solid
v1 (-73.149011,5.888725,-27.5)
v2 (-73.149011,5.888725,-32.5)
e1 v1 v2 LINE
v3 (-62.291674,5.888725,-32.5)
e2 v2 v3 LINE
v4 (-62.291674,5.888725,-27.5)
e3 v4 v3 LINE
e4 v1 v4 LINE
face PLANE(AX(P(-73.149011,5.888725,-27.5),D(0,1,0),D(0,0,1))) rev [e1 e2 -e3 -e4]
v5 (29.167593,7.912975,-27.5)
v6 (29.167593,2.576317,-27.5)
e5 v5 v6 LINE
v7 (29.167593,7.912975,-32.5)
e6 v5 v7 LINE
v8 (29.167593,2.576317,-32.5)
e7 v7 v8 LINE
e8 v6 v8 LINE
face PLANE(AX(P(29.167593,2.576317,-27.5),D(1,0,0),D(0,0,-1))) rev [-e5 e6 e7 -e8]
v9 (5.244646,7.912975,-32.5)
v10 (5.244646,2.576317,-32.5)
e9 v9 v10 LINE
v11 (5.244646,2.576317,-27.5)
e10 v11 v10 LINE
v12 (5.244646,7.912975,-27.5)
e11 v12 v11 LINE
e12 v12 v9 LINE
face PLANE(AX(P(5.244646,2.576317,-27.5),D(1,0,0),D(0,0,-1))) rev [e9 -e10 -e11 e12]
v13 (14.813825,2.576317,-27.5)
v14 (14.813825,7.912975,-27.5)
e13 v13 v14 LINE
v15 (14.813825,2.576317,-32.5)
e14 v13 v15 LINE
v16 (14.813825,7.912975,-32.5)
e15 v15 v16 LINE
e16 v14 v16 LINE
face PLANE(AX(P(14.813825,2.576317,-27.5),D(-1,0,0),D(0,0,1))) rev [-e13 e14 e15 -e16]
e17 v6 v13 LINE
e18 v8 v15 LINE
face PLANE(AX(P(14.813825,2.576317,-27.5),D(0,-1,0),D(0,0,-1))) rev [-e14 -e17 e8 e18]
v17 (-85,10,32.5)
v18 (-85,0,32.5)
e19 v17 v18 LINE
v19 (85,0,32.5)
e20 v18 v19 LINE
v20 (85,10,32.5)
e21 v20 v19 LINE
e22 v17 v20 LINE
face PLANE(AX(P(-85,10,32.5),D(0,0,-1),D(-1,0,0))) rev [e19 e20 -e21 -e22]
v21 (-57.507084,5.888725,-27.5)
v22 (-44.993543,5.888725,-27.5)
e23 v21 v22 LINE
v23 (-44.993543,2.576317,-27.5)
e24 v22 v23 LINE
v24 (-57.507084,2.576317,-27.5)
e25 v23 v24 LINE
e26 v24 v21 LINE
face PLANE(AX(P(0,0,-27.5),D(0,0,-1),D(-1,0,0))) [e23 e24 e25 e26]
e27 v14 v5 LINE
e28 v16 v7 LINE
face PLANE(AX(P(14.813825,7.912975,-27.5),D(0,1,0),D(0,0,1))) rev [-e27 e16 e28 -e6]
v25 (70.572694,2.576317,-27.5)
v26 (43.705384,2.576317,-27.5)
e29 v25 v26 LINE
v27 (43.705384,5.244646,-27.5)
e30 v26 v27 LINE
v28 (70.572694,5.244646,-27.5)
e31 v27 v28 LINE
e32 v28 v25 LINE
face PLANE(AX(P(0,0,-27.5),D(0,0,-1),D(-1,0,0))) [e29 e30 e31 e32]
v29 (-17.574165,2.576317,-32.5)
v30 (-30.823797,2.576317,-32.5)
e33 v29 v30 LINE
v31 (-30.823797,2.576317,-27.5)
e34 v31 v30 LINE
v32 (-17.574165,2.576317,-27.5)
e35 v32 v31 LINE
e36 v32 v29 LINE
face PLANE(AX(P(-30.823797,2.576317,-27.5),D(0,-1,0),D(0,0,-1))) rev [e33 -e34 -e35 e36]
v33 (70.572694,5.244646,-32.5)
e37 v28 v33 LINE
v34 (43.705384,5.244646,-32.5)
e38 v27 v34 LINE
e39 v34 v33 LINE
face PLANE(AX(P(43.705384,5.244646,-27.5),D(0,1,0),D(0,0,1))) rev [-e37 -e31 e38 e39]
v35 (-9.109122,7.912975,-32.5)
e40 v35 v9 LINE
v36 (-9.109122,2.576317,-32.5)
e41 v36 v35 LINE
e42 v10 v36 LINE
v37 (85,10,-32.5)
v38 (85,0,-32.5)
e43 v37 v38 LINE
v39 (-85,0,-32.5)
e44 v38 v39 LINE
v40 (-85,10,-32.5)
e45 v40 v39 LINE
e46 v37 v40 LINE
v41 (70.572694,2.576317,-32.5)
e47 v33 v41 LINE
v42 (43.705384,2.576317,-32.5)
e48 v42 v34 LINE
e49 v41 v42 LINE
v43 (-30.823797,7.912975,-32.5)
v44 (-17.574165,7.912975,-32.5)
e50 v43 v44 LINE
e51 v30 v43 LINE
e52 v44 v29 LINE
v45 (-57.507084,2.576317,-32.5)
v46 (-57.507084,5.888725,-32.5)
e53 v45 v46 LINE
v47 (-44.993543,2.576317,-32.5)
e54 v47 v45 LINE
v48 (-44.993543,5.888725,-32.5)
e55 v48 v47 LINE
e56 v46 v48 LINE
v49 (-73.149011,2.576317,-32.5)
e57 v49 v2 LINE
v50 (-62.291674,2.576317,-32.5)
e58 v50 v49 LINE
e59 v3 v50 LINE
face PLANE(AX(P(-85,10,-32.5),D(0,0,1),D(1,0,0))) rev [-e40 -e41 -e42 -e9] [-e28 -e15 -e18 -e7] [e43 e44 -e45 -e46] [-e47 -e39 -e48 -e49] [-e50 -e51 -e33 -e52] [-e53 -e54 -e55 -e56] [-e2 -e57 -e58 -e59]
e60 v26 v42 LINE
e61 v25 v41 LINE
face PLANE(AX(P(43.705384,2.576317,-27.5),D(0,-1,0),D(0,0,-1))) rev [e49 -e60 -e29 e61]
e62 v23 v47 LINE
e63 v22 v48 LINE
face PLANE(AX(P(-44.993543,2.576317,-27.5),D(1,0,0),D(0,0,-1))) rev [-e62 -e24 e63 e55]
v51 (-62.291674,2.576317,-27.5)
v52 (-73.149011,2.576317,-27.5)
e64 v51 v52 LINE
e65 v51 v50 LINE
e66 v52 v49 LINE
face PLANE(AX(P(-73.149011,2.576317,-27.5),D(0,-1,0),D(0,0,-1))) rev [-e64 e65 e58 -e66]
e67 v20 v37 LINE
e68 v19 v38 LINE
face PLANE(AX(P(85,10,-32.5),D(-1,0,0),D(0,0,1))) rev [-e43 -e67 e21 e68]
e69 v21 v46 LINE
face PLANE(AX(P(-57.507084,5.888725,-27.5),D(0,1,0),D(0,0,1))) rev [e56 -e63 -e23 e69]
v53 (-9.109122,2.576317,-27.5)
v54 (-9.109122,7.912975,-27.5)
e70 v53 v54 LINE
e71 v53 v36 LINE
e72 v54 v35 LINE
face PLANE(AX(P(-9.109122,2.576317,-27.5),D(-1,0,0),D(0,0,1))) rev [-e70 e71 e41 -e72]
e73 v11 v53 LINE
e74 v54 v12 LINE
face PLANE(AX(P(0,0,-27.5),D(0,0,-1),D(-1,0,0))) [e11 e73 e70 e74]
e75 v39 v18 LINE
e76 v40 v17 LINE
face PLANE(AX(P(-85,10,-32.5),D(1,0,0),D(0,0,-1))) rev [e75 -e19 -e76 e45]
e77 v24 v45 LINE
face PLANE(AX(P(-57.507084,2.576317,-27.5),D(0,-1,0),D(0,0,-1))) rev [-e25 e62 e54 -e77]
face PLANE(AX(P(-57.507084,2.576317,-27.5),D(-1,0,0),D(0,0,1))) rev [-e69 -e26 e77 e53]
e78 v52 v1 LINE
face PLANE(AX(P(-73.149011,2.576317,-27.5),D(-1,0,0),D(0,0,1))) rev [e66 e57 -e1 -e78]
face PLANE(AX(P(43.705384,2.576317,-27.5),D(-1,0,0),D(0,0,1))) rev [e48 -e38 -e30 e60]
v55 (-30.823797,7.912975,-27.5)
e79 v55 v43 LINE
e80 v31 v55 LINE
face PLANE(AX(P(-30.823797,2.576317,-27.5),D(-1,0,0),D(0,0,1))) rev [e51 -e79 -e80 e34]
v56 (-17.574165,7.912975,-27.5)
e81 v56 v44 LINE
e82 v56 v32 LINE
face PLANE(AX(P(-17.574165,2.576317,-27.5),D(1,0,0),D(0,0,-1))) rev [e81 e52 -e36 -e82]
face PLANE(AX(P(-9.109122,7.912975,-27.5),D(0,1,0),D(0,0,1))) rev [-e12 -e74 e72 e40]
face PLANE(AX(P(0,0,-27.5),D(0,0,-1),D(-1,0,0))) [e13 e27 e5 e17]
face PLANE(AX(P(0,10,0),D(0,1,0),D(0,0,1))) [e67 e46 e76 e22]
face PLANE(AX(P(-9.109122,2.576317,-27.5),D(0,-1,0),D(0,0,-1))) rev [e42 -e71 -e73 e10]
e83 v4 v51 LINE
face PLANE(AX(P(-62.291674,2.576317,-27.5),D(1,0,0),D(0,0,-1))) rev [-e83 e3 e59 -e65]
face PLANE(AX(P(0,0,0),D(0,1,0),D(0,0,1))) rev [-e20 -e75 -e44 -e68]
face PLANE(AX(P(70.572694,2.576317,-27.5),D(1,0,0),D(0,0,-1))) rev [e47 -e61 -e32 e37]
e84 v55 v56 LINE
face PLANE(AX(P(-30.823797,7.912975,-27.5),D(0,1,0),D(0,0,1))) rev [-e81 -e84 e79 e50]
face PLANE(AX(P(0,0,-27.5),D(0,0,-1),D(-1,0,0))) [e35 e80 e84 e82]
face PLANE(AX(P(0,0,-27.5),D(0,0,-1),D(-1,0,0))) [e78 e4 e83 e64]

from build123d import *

# Parameters (mm, degrees)
SKETCH1_W           = 170
SKETCH1_H           = 65
BOSS_EXTRUDE1_DEPTH = 10
SKETCH2_W           = 10.857337547
SKETCH2_H           = 3.312408065
SKETCH2_W_2         = 12.51354158
SKETCH2_W_3         = 13.249632261
SKETCH2_H_2         = 5.336657438
SKETCH2_W_4         = 14.353768282
SKETCH2_W_5         = 26.867309862
SKETCH2_H_3         = 2.668328719
CUT_EXTRUDE1_DEPTH  = 5


with BuildPart() as part:
    # Sketch1 → Boss-Extrude1 (new body)
    with BuildSketch(Plane(origin=(0, 0, 0), x_dir=(1, 0, 0), z_dir=(0, 1, 0))):
        Rectangle(SKETCH1_W, SKETCH1_H)
    extrude(amount=BOSS_EXTRUDE1_DEPTH)

    # Sketch2 → Cut-Extrude1 (cut)
    with BuildSketch(Plane(origin=(0, 0, -32.5), x_dir=(-1, 0, 0), z_dir=(0, 0, -1))):
        with Locations((67.720342665, 4.232521417)):
            Rectangle(SKETCH2_W, SKETCH2_H)
        with Locations((51.250313674, 4.232521417)):
            Rectangle(SKETCH2_W_2, SKETCH2_H)
        with Locations((24.198981143, 5.244646103)):
            Rectangle(SKETCH2_W_3, SKETCH2_H_2)
        with Locations((1.932238038, 5.244646103)):
            Rectangle(SKETCH2_W_4, SKETCH2_H_2)
        with Locations((-21.990709099, 5.244646103)):
            Rectangle(SKETCH2_W_4, SKETCH2_H_2)
        with Locations((-57.139039123, 3.910481744)):
            Rectangle(SKETCH2_W_5, SKETCH2_H_3)
    extrude(amount=-CUT_EXTRUDE1_DEPTH, mode=Mode.SUBTRACT)


solid = part.part
